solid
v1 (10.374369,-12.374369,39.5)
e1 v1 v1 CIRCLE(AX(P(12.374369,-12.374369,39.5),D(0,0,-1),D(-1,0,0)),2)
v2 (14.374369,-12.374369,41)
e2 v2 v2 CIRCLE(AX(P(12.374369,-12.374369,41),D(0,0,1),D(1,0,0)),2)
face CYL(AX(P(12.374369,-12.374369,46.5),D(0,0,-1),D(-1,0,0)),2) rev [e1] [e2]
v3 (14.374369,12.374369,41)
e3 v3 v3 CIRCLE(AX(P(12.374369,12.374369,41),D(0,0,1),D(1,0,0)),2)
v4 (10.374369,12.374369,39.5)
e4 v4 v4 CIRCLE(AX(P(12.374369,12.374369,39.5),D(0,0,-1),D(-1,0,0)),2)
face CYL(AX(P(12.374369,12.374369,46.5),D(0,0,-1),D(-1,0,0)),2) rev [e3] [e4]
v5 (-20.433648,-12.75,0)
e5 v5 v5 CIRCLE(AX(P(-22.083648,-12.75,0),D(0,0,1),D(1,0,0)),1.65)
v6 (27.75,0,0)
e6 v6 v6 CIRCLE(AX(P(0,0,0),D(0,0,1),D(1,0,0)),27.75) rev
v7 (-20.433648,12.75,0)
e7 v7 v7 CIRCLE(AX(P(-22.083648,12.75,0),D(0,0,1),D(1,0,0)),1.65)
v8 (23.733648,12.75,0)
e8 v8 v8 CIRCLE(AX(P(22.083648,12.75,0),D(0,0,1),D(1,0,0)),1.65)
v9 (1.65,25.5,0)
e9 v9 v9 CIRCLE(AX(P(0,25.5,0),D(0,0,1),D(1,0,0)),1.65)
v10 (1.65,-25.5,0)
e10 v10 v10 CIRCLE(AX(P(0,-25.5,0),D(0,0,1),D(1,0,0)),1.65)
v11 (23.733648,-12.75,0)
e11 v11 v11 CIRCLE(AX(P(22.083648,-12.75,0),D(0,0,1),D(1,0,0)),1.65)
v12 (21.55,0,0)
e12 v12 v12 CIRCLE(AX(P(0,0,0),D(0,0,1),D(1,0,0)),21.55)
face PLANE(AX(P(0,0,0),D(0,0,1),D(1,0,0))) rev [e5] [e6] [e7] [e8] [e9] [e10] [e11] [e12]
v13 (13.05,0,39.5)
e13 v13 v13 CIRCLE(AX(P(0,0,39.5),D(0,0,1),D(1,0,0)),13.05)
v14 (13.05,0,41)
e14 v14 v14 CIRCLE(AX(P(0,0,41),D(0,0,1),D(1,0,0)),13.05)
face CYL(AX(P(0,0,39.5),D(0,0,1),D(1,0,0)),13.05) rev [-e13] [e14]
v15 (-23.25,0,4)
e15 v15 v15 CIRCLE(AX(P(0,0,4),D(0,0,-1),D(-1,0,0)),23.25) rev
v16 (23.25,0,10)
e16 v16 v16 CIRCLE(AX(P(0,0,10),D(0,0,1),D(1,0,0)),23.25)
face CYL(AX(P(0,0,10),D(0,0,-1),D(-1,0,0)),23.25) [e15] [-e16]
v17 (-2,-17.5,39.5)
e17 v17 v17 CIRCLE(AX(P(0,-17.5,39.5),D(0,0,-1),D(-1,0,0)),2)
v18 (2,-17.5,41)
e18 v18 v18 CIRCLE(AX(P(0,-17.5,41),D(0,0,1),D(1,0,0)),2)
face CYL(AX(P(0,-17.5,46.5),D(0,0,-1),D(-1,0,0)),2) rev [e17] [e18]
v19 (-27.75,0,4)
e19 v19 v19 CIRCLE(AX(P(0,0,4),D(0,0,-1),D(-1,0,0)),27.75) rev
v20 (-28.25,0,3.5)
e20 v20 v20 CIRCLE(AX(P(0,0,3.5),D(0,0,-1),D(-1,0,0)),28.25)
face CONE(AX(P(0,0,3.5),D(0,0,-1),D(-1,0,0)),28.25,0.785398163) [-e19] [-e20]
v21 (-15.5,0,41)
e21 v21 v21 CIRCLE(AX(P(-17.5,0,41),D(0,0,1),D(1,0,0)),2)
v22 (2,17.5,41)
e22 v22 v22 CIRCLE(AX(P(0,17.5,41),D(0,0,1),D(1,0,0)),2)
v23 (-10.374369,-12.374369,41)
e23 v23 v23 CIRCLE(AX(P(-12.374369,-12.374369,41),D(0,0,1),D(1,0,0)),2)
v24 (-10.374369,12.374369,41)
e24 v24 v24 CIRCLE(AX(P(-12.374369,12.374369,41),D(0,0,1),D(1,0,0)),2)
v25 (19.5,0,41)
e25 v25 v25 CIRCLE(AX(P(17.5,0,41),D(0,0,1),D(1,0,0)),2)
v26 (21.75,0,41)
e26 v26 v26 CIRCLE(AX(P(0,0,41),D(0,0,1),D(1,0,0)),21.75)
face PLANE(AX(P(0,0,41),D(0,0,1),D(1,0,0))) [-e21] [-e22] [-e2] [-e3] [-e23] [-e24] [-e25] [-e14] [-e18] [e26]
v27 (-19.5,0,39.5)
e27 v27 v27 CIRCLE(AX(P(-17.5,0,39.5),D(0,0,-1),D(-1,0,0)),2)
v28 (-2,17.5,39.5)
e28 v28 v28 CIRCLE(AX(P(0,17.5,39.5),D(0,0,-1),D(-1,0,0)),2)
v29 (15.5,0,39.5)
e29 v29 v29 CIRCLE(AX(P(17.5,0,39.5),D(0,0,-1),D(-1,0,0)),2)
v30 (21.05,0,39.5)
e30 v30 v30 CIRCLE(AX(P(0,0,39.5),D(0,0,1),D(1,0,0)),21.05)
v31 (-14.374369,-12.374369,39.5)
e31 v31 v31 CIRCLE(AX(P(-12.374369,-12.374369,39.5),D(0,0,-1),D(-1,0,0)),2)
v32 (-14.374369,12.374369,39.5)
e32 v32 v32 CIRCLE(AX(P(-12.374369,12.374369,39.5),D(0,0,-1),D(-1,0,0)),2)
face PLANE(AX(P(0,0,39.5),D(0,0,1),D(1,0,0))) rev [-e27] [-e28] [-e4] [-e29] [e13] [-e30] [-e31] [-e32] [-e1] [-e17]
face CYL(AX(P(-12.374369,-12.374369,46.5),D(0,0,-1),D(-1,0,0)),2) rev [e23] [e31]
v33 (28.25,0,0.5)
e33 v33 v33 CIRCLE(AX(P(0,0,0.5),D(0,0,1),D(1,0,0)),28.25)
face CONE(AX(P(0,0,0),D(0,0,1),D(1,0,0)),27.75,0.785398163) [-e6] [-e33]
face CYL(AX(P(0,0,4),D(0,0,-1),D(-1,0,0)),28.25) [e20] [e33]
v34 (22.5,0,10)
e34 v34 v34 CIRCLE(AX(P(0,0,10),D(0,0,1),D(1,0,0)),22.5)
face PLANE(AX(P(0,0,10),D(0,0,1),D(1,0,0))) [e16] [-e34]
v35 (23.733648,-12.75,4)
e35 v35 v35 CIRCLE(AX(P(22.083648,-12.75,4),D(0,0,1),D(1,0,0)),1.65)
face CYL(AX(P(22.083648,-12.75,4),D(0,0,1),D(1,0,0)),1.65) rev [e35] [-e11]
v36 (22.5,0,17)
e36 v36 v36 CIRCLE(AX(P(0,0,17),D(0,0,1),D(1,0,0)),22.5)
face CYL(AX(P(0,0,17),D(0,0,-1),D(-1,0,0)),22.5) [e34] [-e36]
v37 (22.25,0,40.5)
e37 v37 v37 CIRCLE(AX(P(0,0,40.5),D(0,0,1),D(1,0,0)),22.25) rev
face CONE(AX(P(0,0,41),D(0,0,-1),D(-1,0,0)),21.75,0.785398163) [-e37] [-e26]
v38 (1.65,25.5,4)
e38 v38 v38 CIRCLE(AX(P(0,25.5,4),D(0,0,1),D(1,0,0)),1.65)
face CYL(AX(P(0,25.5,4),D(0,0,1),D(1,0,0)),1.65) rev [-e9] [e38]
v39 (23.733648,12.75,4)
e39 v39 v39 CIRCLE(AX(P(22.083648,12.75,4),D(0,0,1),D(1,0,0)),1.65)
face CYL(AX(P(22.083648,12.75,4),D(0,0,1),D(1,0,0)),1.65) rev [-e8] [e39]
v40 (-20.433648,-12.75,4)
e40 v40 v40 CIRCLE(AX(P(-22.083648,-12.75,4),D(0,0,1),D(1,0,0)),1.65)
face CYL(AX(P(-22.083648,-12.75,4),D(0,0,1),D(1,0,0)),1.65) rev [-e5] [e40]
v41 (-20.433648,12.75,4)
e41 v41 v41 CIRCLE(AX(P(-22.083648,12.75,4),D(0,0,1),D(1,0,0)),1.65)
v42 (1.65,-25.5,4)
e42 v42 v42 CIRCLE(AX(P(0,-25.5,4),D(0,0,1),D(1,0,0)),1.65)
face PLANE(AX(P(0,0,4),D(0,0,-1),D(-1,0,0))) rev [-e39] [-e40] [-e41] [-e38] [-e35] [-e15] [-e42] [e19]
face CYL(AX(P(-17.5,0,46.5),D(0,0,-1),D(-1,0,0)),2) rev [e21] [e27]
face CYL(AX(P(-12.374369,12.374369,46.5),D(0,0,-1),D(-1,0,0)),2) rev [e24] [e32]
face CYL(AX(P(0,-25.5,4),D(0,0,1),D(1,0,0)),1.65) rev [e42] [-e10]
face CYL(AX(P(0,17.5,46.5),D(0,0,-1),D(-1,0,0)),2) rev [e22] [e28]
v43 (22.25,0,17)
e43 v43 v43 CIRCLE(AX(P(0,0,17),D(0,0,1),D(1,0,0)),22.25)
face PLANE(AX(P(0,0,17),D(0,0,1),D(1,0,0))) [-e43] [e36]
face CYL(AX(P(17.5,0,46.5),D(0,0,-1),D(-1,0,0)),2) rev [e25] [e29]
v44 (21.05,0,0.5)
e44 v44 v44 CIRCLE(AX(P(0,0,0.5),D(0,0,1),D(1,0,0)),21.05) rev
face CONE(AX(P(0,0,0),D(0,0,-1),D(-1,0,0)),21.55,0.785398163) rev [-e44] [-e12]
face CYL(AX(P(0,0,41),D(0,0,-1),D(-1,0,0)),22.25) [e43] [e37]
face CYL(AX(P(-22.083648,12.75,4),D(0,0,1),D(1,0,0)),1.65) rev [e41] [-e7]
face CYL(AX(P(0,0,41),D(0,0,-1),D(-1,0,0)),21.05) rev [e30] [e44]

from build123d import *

# Parameters (mm, degrees)
SKETCH_1_R               = 22.25
SKETCH_1_R_2             = 21.05
EXTRUDE_1_DEPTH          = 41
SKETCH_2_R               = 22.25
SKETCH_2_R_2             = 13.05
EXTRUDE_2_DEPTH          = 1.5
SKETCH_3_R               = 28.25
SKETCH_3_R_2             = 21.05
EXTRUDE_3_DEPTH          = 4
SKETCH_4_R               = 23.25
SKETCH_4_R_2             = 22.25
EXTRUDE_4_DEPTH          = 6
SKETCH_5_R               = 22.5
SKETCH_5_R_2             = 22.25
EXTRUDE_5_DEPTH          = 7
SKETCH_6_R               = 2
CUT_EXTRUDE_1_DEPTH      = 7
PATTERN_CIRCULAR_1_COUNT = 6
CHAMFER_1_SIZE           = 0.5


with BuildPart() as part:
    # 草图1 → 凸台-拉伸1 (new body)
    with BuildSketch(Plane.XY):
        Circle(SKETCH_1_R)
        Circle(SKETCH_1_R_2, mode=Mode.SUBTRACT)
    extrude(amount=EXTRUDE_1_DEPTH)

    # 草图2 → 凸台-拉伸2 (add)
    with BuildSketch(Plane.XY.offset(41)):
        Circle(SKETCH_2_R)
        Circle(SKETCH_2_R_2, mode=Mode.SUBTRACT)
    extrude(amount=-EXTRUDE_2_DEPTH)

    # 草图3 → 凸台-拉伸3 (add)
    with BuildSketch(Plane(origin=(0, 0, 0), x_dir=(-1, 0, 0), z_dir=(0, 0, -1))):
        Circle(SKETCH_3_R)
        Circle(SKETCH_3_R_2, mode=Mode.SUBTRACT)
    extrude(amount=-EXTRUDE_3_DEPTH)

    # 草图4 → 凸台-拉伸4 (add)
    with BuildSketch(Plane.XY.offset(4)):
        Circle(SKETCH_4_R)
        Circle(SKETCH_4_R_2, mode=Mode.SUBTRACT)
    extrude(amount=EXTRUDE_4_DEPTH)

    # 草图5 → 凸台-拉伸5 (add)
    with BuildSketch(Plane.XY.offset(10)):
        Circle(SKETCH_5_R)
        Circle(SKETCH_5_R_2, mode=Mode.SUBTRACT)
    extrude(amount=EXTRUDE_5_DEPTH)

    # 草图6 → 切除-拉伸1 (cut)
    with BuildSketch(Plane(origin=(0, 0, 39.5), x_dir=(-1, 0, 0), z_dir=(0, 0, -1))):
        with Locations((12.374368671, 12.374368671)):
            Circle(SKETCH_6_R)
        with Locations((17.5, 0)):
            Circle(SKETCH_6_R)
        with Locations((12.374368671, -12.374368671)):
            Circle(SKETCH_6_R)
        with Locations((0, -17.5)):
            Circle(SKETCH_6_R)
        with Locations((-12.374368671, -12.374368671)):
            Circle(SKETCH_6_R)
        with Locations((-17.5, 0)):
            Circle(SKETCH_6_R)
        with Locations((-12.374368671, 12.374368671)):
            Circle(SKETCH_6_R)
        with Locations((0, 17.5)):
            Circle(SKETCH_6_R)
    extrude(amount=-CUT_EXTRUDE_1_DEPTH, mode=Mode.SUBTRACT)

    # 草图9 → M4 螺纹孔1 (revolve, cut)
    with BuildSketch(Plane(origin=(0, 25.5, 4), x_dir=(0, -1, 0), z_dir=(1, 0, 0))):
        Polygon((0, 0), (0, 11.091420021), (1.65, 10.1), (1.65, 0), align=None)
    hole_wizard_m4_1 = revolve(axis=Axis((0, 25.5, 10.35), (0, 0, -1)), mode=Mode.SUBTRACT)

    # 阵列(圆周)1: M4 螺纹孔1 ×6 about axis
    pattern_circular_1_axis = Axis((0, 0, 0), (0, 0, 1))
    for i in range(1, PATTERN_CIRCULAR_1_COUNT):
        add(hole_wizard_m4_1.rotate(pattern_circular_1_axis, i * 360 / PATTERN_CIRCULAR_1_COUNT), mode=Mode.SUBTRACT)

    # 倒角1
    chamfer_1_edges = [part.edges().sort_by_distance(p)[0] for p in [
        (28.25, 0, 4),
        (28.25, 0, 0),
        (-22.25, 0, 41),
        (-21.05, 0, 0),
    ]]
    chamfer(chamfer_1_edges, length=CHAMFER_1_SIZE)


solid = part.part
